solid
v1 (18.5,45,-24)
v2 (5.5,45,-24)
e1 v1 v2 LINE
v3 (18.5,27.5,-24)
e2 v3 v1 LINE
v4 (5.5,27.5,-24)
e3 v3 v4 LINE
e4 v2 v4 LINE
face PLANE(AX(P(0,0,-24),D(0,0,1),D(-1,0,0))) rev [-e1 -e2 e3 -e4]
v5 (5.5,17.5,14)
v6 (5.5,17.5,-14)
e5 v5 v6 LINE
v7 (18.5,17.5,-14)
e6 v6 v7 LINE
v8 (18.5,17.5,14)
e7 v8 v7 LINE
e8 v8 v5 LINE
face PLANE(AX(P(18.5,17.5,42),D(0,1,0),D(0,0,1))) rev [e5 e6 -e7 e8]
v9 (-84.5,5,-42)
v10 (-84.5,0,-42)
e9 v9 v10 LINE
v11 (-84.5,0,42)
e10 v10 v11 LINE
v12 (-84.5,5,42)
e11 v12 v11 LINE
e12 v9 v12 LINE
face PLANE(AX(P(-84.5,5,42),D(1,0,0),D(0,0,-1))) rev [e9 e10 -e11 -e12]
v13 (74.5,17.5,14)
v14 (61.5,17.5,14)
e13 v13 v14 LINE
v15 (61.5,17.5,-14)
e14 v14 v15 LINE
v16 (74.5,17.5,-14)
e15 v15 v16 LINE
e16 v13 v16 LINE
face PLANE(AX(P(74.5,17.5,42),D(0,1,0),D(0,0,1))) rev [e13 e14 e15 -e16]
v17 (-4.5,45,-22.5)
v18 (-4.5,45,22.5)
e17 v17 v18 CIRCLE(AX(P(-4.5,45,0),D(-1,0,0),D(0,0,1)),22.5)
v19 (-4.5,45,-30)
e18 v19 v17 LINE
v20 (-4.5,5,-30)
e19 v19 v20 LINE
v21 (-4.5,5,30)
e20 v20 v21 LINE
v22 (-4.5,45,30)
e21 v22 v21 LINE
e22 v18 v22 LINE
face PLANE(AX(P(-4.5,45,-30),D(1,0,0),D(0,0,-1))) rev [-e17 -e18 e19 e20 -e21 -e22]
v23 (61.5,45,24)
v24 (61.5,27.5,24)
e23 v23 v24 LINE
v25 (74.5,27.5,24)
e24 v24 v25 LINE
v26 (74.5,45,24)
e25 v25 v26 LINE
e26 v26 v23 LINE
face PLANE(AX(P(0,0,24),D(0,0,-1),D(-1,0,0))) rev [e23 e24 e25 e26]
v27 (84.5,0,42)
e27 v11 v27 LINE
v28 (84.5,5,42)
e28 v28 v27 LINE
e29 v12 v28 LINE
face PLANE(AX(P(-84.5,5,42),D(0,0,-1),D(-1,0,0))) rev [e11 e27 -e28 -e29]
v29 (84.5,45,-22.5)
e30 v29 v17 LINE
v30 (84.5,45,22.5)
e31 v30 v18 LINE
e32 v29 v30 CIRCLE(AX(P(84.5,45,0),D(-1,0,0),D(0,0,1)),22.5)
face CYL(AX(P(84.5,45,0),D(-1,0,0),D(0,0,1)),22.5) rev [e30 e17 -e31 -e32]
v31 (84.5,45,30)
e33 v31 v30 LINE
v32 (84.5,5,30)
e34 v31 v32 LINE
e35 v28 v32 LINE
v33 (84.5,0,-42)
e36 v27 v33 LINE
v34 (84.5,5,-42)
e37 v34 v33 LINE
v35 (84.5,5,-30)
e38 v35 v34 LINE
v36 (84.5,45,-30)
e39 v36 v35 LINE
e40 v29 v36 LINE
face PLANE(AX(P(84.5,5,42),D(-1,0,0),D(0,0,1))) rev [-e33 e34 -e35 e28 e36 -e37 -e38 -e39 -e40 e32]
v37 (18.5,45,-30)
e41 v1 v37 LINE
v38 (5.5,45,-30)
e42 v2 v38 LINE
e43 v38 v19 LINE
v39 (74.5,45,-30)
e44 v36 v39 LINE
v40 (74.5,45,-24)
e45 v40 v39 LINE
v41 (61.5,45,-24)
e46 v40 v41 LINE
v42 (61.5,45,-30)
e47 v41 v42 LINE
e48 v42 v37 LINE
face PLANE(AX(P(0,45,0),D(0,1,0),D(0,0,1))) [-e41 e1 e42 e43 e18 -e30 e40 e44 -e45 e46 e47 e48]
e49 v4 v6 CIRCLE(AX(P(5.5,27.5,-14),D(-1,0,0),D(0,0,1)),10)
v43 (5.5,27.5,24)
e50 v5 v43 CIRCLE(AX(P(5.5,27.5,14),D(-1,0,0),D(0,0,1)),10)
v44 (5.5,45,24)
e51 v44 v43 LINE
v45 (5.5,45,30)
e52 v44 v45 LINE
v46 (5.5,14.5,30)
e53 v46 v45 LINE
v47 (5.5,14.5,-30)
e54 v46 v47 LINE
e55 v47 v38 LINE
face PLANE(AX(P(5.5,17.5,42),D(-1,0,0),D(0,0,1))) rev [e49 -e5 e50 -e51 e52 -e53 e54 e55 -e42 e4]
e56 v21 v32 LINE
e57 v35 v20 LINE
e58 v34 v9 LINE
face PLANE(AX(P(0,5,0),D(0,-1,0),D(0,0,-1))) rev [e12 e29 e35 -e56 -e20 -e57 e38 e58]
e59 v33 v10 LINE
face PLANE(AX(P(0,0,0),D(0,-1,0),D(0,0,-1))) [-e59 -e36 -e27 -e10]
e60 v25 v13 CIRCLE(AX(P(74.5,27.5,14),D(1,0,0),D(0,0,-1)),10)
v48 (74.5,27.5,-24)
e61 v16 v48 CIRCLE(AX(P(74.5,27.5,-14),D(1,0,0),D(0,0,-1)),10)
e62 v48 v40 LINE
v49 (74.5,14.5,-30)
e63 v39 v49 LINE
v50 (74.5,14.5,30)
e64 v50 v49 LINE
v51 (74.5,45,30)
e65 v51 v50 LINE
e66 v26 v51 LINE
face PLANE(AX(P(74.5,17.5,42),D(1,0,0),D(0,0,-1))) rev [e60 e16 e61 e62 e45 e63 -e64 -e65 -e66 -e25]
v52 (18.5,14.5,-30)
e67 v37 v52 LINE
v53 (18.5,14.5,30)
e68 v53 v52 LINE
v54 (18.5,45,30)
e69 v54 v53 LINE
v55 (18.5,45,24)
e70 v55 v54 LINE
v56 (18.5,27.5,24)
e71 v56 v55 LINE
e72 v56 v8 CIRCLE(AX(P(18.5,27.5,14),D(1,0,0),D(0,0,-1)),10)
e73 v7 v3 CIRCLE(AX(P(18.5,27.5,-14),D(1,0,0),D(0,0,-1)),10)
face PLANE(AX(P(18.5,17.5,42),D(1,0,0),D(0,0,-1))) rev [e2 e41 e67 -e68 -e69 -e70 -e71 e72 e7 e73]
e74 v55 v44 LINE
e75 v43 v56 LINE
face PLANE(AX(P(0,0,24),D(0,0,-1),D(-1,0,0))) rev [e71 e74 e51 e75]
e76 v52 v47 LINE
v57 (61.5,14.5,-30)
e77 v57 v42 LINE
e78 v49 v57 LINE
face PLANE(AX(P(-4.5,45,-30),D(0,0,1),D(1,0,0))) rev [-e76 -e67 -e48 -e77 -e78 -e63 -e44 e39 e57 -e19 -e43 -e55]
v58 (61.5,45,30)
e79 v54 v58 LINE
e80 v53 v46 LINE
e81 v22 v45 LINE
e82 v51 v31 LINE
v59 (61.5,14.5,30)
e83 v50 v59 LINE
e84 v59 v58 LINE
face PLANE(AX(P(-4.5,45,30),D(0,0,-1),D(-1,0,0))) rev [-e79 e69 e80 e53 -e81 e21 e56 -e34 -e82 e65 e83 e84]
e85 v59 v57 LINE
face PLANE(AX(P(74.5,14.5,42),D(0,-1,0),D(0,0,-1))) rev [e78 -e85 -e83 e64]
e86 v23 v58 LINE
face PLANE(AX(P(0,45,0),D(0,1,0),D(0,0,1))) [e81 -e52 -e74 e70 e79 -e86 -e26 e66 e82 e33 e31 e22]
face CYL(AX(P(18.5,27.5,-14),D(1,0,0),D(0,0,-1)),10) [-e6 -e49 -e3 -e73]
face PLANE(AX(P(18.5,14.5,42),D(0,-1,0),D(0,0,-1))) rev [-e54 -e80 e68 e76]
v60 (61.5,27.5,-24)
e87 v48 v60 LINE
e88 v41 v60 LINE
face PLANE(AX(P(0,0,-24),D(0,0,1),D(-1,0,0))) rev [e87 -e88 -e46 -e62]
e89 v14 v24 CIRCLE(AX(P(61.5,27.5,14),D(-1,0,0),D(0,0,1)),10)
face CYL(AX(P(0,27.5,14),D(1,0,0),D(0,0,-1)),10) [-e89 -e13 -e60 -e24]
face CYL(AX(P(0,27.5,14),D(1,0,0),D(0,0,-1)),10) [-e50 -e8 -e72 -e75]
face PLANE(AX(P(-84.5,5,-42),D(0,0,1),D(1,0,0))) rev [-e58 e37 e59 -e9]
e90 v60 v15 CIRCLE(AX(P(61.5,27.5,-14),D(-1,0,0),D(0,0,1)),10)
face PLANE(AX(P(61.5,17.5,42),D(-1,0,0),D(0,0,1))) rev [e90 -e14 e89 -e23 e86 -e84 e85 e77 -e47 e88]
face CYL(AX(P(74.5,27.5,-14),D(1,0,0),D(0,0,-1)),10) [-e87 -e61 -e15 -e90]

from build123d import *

# Parameters (mm, degrees)
SKETCH1_W            = 169
SKETCH1_H            = 84
BOSS_EXTRUDE1_DEPTH  = 5
SKETCH2_W            = 89
SKETCH2_H            = 60
BOSS_EXTRUDE2_DEPTH  = 40
CUT_EXTRUDE1_DEPTH   = 109.212753407
SKETCH4_W            = 13
SKETCH4_H            = 3
CUT_EXTRUDE2_DEPTH   = 120.788355027
SKETCH6_W            = 13
SKETCH6_H            = 27.5
CUT_EXTRUDE5_DEPTH   = 6
FILLET1_R            = 10
FILLET1_OF_MIRROR1_R = 10


with BuildPart() as part:
    # Sketch1 → Boss-Extrude1 (new body)
    with BuildSketch(Plane(origin=(0, 0, 0), x_dir=(1, 0, 0), z_dir=(0, 1, 0))):
        Rectangle(SKETCH1_W, SKETCH1_H)
    extrude(amount=BOSS_EXTRUDE1_DEPTH)

    # Sketch2 → Boss-Extrude2 (add)
    with BuildSketch(Plane(origin=(0, 5, 0), x_dir=(1, 0, 0), z_dir=(0, 1, 0))):
        with Locations((40, 0)):
            Rectangle(SKETCH2_W, SKETCH2_H)
    extrude(amount=BOSS_EXTRUDE2_DEPTH)

    # Sketch3 → Cut-Extrude1 (cut, through all)
    with BuildSketch(Plane.ZY.offset(4.5)):
        with BuildLine():
            Line((-22.5, 45), (22.5, 45))
            ThreePointArc((22.5, 45), (0, 22.5), (-22.5, 45))
        make_face()
    extrude(amount=-CUT_EXTRUDE1_DEPTH, mode=Mode.SUBTRACT)

    # Sketch4 → Cut-Extrude2 (cut, through all)
    with BuildSketch(Plane(origin=(0, 0, -30), x_dir=(-1, 0, 0), z_dir=(0, 0, -1))):
        with Locations((-12, 16)):
            Rectangle(SKETCH4_W, SKETCH4_H)
        with Locations((-68, 16)):
            Rectangle(SKETCH4_W, SKETCH4_H)
    extrude(amount=-CUT_EXTRUDE2_DEPTH, mode=Mode.SUBTRACT)

    # Sketch6 → Cut-Extrude5 (cut)
    with BuildSketch(Plane.XY.offset(30)):
        with Locations((12, 31.25)):
            Rectangle(SKETCH6_W, SKETCH6_H)
        with Locations((68, 31.25)):
            Rectangle(SKETCH6_W, SKETCH6_H)
    cut_extrude5 = extrude(amount=-CUT_EXTRUDE5_DEPTH, mode=Mode.SUBTRACT)

    # Fillet1
    fillet1_edges = [part.edges().sort_by_distance(p)[0] for p in [
        (12, 17.5, 24),
        (68, 17.5, 24),
    ]]
    fillet(fillet1_edges, radius=FILLET1_R)

    # Mirror1: Cut-Extrude5 across plane
    add(cut_extrude5.mirror(Plane.XY), mode=Mode.SUBTRACT)

    # Fillet1 of Mirror1
    fillet1_of_mirror1_edges = [part.edges().sort_by_distance(p)[0] for p in [
        (12, 17.5, -24),
        (68, 17.5, -24),
    ]]
    fillet(fillet1_of_mirror1_edges, radius=FILLET1_OF_MIRROR1_R)


solid = part.part
